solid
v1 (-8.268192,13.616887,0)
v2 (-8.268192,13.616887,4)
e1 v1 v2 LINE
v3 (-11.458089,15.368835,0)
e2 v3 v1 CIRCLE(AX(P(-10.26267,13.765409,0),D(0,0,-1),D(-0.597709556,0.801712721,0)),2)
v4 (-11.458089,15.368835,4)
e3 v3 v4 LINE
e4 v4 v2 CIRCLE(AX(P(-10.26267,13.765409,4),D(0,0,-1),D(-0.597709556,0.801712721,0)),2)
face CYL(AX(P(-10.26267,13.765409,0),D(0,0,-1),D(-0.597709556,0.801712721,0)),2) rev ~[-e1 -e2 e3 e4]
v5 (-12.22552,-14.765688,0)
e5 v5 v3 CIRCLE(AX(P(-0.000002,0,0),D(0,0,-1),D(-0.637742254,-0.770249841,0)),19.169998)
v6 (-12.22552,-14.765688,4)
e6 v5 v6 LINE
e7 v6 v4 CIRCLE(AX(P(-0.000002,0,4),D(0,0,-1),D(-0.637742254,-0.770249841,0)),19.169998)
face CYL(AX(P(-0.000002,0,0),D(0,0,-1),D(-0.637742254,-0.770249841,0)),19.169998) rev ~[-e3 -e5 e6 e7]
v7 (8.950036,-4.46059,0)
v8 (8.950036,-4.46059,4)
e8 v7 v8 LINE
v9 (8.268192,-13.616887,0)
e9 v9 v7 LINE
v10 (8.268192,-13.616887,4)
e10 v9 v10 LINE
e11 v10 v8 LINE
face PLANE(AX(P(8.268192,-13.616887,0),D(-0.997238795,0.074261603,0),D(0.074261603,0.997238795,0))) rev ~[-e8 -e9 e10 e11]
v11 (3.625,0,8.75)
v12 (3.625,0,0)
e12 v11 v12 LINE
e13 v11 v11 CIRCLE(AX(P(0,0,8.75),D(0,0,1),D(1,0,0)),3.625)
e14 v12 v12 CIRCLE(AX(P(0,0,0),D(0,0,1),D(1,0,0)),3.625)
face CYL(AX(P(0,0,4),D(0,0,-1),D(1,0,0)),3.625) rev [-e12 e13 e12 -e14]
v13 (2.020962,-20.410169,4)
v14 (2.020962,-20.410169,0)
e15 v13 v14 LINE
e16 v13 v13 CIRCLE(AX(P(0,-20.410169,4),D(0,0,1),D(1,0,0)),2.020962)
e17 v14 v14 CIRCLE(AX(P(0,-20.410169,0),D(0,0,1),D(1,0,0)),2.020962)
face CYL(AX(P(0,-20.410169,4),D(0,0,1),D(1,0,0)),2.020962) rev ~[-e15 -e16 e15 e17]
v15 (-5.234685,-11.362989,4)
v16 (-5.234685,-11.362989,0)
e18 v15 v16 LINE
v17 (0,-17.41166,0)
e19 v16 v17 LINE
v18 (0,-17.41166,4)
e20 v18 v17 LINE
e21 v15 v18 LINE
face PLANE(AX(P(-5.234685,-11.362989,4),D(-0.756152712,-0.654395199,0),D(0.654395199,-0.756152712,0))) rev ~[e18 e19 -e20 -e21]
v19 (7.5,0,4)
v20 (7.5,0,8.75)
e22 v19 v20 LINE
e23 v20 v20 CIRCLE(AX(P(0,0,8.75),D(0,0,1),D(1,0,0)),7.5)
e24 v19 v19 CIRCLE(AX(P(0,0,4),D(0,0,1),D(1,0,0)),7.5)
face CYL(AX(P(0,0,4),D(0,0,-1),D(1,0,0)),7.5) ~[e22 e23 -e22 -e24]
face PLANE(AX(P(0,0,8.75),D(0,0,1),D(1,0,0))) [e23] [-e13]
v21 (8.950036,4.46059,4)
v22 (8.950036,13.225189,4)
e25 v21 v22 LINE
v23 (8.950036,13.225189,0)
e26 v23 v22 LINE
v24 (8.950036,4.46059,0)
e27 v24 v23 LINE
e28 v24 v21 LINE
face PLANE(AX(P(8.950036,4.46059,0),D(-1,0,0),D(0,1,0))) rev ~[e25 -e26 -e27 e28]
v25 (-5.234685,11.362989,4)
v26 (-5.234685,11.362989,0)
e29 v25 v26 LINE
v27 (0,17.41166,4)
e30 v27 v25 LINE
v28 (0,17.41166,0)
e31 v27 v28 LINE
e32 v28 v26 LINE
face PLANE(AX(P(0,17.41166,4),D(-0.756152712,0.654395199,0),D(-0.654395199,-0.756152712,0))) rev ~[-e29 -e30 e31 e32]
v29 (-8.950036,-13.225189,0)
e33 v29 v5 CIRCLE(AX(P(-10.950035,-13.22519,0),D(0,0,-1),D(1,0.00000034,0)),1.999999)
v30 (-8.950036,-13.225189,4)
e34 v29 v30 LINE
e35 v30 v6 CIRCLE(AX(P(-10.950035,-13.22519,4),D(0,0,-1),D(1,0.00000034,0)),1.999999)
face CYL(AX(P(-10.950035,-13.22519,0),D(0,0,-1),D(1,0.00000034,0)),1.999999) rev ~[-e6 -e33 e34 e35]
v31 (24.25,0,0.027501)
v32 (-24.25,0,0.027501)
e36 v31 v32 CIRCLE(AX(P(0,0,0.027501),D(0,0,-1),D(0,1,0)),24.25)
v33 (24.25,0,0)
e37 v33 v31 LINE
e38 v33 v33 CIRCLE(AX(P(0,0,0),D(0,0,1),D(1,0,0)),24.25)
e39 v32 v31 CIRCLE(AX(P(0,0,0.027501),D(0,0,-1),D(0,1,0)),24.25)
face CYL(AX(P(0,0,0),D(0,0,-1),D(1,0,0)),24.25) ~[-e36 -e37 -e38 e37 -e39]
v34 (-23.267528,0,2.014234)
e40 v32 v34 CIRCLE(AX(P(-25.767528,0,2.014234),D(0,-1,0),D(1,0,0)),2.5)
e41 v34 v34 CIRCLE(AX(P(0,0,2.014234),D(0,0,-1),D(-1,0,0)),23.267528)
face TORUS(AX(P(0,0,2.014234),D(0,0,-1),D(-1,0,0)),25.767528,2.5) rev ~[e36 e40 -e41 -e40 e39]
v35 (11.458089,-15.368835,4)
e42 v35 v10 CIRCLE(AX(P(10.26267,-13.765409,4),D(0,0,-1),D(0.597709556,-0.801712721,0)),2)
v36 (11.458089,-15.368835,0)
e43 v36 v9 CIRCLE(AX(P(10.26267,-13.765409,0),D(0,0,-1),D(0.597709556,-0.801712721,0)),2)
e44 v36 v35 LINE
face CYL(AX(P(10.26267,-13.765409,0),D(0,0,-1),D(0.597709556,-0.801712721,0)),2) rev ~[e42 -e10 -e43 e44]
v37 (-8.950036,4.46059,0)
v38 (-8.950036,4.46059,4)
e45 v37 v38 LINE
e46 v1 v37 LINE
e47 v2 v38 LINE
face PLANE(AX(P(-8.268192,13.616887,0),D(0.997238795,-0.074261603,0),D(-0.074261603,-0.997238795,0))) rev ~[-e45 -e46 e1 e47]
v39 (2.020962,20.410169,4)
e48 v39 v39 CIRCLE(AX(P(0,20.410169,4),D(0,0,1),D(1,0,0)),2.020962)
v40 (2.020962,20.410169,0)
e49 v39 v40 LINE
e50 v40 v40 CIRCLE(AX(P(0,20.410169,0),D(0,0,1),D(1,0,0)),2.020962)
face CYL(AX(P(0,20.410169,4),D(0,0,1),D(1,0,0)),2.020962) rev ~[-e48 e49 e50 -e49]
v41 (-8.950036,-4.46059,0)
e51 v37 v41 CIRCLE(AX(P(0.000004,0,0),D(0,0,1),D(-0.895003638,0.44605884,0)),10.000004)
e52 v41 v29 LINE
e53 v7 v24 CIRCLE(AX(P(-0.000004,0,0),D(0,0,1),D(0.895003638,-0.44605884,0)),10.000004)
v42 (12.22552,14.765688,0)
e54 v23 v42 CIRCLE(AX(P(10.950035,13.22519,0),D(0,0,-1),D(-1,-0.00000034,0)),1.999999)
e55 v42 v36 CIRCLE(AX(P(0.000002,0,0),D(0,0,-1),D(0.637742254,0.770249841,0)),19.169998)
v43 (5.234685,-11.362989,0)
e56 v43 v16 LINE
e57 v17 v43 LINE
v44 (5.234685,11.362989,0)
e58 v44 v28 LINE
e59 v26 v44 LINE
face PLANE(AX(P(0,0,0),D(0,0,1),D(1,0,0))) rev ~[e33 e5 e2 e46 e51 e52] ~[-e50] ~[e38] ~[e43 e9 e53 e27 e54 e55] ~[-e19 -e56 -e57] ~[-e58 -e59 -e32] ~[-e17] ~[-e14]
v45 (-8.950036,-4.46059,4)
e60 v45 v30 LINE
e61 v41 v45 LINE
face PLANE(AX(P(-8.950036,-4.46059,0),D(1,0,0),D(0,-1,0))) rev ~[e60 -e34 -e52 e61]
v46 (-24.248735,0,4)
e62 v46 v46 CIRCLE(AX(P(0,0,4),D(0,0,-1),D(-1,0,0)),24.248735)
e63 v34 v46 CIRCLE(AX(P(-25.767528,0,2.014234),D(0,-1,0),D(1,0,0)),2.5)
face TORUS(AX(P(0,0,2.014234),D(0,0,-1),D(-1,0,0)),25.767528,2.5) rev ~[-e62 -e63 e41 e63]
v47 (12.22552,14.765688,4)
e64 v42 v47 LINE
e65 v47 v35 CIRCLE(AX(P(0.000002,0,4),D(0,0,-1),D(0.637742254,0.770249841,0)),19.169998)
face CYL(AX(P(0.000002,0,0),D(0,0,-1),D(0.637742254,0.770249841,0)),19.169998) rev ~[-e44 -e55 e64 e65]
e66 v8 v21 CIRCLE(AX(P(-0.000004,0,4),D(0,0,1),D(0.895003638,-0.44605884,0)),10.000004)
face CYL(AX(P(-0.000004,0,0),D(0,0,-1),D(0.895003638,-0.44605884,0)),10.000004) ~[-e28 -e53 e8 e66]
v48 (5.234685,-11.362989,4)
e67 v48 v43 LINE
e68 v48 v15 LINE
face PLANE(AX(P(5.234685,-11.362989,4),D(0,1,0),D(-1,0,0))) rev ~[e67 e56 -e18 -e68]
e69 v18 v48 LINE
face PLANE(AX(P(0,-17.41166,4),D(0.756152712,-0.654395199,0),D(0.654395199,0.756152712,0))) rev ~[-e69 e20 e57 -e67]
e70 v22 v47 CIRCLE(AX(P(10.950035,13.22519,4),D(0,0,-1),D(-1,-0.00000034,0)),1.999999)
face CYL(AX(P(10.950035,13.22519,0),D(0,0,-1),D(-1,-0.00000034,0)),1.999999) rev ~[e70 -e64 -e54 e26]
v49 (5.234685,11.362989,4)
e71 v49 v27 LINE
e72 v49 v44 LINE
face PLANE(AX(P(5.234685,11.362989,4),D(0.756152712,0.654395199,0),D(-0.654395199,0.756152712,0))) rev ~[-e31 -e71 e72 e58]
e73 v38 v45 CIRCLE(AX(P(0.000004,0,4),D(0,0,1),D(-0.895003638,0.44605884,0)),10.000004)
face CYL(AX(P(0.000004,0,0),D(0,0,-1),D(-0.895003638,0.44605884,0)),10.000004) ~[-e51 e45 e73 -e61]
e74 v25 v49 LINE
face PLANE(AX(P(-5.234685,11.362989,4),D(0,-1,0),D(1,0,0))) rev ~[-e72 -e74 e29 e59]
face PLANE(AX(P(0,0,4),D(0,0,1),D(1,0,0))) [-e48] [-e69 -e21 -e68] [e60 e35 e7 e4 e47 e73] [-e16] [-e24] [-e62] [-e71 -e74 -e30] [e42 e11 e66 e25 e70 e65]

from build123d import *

# Parameters (mm, degrees)
F0_R     = 24.25
F0_R_2   = 3.625
F1_DEPTH = 4
F2_R     = 7.5
F2_R_2   = 3.625
F3_DEPTH = 4.75
F4_R     = 2.020962
F5_DEPTH = 4.001
F6_R     = 2.5


with BuildPart() as f1:
    # F0 (on Top) → F1 (new body)
    with BuildSketch(Plane.XY):
        Circle(F0_R)
        with BuildLine():
            Line((8.950036, 4.46059), (8.950036, 13.225189))
            ThreePointArc((8.950036, 13.225189), (10.098851, 15.035019), (12.22552, 14.765688))
            ThreePointArc((12.22552, 14.765688), (19.163787, -0.488041), (11.458089, -15.368835))
            ThreePointArc((11.458089, -15.368835), (9.299885, -15.51842), (8.268192, -13.616887))
            Line((8.268192, -13.616887), (8.950036, -4.46059))
            ThreePointArc((8.950036, -4.46059), (10, 0), (8.950036, 4.46059))
        make_face(mode=Mode.SUBTRACT)
        with BuildLine():
            Line((-8.268192, 13.616887), (-8.950036, 4.46059))
            ThreePointArc((-8.950036, 4.46059), (-10, 0), (-8.950036, -4.46059))
            Line((-8.950036, -4.46059), (-8.950036, -13.225189))
            ThreePointArc((-8.950036, -13.225189), (-10.098851, -15.035019), (-12.22552, -14.765688))
            ThreePointArc((-12.22552, -14.765688), (-19.163787, 0.488041), (-11.458089, 15.368835))
            ThreePointArc((-11.458089, 15.368835), (-9.299885, 15.51842), (-8.268192, 13.616887))
        make_face(mode=Mode.SUBTRACT)
        Circle(F0_R_2, mode=Mode.SUBTRACT)
    extrude(amount=F1_DEPTH)

    # F2 (on face) → F3 (join)
    with BuildSketch(Plane.XY.offset(4)):
        Circle(F2_R)
        Circle(F2_R_2, mode=Mode.SUBTRACT)
    extrude(amount=F3_DEPTH)

    # F4 (on face) → F5 (cut, through all)
    with BuildSketch(Plane.XY.offset(4)):
        Polygon((-5.234685, 11.362989), (0, 11.362989), (0, 17.41166), align=None)
        Polygon((0, 17.41166), (0, 11.362989), (5.234685, 11.362989), align=None)
        Polygon((0, -11.362989), (-5.234685, -11.362989), (0, -17.41166), (5.234685, -11.362989), align=None)
        with Locations((0, 20.410169)):
            Circle(F4_R)
        with Locations((0, -20.410169)):
            Circle(F4_R)
    extrude(amount=-F5_DEPTH, mode=Mode.SUBTRACT)

    # F6 (on Front) → F7 (revolve, cut)
    with BuildSketch(Plane.XZ):
        with Locations((-25.767528, 2.014234)):
            Circle(F6_R)
    revolve(axis=Axis((0, 0, 7.021954), (0, 0, -1)), mode=Mode.SUBTRACT)


solid = f1.part
